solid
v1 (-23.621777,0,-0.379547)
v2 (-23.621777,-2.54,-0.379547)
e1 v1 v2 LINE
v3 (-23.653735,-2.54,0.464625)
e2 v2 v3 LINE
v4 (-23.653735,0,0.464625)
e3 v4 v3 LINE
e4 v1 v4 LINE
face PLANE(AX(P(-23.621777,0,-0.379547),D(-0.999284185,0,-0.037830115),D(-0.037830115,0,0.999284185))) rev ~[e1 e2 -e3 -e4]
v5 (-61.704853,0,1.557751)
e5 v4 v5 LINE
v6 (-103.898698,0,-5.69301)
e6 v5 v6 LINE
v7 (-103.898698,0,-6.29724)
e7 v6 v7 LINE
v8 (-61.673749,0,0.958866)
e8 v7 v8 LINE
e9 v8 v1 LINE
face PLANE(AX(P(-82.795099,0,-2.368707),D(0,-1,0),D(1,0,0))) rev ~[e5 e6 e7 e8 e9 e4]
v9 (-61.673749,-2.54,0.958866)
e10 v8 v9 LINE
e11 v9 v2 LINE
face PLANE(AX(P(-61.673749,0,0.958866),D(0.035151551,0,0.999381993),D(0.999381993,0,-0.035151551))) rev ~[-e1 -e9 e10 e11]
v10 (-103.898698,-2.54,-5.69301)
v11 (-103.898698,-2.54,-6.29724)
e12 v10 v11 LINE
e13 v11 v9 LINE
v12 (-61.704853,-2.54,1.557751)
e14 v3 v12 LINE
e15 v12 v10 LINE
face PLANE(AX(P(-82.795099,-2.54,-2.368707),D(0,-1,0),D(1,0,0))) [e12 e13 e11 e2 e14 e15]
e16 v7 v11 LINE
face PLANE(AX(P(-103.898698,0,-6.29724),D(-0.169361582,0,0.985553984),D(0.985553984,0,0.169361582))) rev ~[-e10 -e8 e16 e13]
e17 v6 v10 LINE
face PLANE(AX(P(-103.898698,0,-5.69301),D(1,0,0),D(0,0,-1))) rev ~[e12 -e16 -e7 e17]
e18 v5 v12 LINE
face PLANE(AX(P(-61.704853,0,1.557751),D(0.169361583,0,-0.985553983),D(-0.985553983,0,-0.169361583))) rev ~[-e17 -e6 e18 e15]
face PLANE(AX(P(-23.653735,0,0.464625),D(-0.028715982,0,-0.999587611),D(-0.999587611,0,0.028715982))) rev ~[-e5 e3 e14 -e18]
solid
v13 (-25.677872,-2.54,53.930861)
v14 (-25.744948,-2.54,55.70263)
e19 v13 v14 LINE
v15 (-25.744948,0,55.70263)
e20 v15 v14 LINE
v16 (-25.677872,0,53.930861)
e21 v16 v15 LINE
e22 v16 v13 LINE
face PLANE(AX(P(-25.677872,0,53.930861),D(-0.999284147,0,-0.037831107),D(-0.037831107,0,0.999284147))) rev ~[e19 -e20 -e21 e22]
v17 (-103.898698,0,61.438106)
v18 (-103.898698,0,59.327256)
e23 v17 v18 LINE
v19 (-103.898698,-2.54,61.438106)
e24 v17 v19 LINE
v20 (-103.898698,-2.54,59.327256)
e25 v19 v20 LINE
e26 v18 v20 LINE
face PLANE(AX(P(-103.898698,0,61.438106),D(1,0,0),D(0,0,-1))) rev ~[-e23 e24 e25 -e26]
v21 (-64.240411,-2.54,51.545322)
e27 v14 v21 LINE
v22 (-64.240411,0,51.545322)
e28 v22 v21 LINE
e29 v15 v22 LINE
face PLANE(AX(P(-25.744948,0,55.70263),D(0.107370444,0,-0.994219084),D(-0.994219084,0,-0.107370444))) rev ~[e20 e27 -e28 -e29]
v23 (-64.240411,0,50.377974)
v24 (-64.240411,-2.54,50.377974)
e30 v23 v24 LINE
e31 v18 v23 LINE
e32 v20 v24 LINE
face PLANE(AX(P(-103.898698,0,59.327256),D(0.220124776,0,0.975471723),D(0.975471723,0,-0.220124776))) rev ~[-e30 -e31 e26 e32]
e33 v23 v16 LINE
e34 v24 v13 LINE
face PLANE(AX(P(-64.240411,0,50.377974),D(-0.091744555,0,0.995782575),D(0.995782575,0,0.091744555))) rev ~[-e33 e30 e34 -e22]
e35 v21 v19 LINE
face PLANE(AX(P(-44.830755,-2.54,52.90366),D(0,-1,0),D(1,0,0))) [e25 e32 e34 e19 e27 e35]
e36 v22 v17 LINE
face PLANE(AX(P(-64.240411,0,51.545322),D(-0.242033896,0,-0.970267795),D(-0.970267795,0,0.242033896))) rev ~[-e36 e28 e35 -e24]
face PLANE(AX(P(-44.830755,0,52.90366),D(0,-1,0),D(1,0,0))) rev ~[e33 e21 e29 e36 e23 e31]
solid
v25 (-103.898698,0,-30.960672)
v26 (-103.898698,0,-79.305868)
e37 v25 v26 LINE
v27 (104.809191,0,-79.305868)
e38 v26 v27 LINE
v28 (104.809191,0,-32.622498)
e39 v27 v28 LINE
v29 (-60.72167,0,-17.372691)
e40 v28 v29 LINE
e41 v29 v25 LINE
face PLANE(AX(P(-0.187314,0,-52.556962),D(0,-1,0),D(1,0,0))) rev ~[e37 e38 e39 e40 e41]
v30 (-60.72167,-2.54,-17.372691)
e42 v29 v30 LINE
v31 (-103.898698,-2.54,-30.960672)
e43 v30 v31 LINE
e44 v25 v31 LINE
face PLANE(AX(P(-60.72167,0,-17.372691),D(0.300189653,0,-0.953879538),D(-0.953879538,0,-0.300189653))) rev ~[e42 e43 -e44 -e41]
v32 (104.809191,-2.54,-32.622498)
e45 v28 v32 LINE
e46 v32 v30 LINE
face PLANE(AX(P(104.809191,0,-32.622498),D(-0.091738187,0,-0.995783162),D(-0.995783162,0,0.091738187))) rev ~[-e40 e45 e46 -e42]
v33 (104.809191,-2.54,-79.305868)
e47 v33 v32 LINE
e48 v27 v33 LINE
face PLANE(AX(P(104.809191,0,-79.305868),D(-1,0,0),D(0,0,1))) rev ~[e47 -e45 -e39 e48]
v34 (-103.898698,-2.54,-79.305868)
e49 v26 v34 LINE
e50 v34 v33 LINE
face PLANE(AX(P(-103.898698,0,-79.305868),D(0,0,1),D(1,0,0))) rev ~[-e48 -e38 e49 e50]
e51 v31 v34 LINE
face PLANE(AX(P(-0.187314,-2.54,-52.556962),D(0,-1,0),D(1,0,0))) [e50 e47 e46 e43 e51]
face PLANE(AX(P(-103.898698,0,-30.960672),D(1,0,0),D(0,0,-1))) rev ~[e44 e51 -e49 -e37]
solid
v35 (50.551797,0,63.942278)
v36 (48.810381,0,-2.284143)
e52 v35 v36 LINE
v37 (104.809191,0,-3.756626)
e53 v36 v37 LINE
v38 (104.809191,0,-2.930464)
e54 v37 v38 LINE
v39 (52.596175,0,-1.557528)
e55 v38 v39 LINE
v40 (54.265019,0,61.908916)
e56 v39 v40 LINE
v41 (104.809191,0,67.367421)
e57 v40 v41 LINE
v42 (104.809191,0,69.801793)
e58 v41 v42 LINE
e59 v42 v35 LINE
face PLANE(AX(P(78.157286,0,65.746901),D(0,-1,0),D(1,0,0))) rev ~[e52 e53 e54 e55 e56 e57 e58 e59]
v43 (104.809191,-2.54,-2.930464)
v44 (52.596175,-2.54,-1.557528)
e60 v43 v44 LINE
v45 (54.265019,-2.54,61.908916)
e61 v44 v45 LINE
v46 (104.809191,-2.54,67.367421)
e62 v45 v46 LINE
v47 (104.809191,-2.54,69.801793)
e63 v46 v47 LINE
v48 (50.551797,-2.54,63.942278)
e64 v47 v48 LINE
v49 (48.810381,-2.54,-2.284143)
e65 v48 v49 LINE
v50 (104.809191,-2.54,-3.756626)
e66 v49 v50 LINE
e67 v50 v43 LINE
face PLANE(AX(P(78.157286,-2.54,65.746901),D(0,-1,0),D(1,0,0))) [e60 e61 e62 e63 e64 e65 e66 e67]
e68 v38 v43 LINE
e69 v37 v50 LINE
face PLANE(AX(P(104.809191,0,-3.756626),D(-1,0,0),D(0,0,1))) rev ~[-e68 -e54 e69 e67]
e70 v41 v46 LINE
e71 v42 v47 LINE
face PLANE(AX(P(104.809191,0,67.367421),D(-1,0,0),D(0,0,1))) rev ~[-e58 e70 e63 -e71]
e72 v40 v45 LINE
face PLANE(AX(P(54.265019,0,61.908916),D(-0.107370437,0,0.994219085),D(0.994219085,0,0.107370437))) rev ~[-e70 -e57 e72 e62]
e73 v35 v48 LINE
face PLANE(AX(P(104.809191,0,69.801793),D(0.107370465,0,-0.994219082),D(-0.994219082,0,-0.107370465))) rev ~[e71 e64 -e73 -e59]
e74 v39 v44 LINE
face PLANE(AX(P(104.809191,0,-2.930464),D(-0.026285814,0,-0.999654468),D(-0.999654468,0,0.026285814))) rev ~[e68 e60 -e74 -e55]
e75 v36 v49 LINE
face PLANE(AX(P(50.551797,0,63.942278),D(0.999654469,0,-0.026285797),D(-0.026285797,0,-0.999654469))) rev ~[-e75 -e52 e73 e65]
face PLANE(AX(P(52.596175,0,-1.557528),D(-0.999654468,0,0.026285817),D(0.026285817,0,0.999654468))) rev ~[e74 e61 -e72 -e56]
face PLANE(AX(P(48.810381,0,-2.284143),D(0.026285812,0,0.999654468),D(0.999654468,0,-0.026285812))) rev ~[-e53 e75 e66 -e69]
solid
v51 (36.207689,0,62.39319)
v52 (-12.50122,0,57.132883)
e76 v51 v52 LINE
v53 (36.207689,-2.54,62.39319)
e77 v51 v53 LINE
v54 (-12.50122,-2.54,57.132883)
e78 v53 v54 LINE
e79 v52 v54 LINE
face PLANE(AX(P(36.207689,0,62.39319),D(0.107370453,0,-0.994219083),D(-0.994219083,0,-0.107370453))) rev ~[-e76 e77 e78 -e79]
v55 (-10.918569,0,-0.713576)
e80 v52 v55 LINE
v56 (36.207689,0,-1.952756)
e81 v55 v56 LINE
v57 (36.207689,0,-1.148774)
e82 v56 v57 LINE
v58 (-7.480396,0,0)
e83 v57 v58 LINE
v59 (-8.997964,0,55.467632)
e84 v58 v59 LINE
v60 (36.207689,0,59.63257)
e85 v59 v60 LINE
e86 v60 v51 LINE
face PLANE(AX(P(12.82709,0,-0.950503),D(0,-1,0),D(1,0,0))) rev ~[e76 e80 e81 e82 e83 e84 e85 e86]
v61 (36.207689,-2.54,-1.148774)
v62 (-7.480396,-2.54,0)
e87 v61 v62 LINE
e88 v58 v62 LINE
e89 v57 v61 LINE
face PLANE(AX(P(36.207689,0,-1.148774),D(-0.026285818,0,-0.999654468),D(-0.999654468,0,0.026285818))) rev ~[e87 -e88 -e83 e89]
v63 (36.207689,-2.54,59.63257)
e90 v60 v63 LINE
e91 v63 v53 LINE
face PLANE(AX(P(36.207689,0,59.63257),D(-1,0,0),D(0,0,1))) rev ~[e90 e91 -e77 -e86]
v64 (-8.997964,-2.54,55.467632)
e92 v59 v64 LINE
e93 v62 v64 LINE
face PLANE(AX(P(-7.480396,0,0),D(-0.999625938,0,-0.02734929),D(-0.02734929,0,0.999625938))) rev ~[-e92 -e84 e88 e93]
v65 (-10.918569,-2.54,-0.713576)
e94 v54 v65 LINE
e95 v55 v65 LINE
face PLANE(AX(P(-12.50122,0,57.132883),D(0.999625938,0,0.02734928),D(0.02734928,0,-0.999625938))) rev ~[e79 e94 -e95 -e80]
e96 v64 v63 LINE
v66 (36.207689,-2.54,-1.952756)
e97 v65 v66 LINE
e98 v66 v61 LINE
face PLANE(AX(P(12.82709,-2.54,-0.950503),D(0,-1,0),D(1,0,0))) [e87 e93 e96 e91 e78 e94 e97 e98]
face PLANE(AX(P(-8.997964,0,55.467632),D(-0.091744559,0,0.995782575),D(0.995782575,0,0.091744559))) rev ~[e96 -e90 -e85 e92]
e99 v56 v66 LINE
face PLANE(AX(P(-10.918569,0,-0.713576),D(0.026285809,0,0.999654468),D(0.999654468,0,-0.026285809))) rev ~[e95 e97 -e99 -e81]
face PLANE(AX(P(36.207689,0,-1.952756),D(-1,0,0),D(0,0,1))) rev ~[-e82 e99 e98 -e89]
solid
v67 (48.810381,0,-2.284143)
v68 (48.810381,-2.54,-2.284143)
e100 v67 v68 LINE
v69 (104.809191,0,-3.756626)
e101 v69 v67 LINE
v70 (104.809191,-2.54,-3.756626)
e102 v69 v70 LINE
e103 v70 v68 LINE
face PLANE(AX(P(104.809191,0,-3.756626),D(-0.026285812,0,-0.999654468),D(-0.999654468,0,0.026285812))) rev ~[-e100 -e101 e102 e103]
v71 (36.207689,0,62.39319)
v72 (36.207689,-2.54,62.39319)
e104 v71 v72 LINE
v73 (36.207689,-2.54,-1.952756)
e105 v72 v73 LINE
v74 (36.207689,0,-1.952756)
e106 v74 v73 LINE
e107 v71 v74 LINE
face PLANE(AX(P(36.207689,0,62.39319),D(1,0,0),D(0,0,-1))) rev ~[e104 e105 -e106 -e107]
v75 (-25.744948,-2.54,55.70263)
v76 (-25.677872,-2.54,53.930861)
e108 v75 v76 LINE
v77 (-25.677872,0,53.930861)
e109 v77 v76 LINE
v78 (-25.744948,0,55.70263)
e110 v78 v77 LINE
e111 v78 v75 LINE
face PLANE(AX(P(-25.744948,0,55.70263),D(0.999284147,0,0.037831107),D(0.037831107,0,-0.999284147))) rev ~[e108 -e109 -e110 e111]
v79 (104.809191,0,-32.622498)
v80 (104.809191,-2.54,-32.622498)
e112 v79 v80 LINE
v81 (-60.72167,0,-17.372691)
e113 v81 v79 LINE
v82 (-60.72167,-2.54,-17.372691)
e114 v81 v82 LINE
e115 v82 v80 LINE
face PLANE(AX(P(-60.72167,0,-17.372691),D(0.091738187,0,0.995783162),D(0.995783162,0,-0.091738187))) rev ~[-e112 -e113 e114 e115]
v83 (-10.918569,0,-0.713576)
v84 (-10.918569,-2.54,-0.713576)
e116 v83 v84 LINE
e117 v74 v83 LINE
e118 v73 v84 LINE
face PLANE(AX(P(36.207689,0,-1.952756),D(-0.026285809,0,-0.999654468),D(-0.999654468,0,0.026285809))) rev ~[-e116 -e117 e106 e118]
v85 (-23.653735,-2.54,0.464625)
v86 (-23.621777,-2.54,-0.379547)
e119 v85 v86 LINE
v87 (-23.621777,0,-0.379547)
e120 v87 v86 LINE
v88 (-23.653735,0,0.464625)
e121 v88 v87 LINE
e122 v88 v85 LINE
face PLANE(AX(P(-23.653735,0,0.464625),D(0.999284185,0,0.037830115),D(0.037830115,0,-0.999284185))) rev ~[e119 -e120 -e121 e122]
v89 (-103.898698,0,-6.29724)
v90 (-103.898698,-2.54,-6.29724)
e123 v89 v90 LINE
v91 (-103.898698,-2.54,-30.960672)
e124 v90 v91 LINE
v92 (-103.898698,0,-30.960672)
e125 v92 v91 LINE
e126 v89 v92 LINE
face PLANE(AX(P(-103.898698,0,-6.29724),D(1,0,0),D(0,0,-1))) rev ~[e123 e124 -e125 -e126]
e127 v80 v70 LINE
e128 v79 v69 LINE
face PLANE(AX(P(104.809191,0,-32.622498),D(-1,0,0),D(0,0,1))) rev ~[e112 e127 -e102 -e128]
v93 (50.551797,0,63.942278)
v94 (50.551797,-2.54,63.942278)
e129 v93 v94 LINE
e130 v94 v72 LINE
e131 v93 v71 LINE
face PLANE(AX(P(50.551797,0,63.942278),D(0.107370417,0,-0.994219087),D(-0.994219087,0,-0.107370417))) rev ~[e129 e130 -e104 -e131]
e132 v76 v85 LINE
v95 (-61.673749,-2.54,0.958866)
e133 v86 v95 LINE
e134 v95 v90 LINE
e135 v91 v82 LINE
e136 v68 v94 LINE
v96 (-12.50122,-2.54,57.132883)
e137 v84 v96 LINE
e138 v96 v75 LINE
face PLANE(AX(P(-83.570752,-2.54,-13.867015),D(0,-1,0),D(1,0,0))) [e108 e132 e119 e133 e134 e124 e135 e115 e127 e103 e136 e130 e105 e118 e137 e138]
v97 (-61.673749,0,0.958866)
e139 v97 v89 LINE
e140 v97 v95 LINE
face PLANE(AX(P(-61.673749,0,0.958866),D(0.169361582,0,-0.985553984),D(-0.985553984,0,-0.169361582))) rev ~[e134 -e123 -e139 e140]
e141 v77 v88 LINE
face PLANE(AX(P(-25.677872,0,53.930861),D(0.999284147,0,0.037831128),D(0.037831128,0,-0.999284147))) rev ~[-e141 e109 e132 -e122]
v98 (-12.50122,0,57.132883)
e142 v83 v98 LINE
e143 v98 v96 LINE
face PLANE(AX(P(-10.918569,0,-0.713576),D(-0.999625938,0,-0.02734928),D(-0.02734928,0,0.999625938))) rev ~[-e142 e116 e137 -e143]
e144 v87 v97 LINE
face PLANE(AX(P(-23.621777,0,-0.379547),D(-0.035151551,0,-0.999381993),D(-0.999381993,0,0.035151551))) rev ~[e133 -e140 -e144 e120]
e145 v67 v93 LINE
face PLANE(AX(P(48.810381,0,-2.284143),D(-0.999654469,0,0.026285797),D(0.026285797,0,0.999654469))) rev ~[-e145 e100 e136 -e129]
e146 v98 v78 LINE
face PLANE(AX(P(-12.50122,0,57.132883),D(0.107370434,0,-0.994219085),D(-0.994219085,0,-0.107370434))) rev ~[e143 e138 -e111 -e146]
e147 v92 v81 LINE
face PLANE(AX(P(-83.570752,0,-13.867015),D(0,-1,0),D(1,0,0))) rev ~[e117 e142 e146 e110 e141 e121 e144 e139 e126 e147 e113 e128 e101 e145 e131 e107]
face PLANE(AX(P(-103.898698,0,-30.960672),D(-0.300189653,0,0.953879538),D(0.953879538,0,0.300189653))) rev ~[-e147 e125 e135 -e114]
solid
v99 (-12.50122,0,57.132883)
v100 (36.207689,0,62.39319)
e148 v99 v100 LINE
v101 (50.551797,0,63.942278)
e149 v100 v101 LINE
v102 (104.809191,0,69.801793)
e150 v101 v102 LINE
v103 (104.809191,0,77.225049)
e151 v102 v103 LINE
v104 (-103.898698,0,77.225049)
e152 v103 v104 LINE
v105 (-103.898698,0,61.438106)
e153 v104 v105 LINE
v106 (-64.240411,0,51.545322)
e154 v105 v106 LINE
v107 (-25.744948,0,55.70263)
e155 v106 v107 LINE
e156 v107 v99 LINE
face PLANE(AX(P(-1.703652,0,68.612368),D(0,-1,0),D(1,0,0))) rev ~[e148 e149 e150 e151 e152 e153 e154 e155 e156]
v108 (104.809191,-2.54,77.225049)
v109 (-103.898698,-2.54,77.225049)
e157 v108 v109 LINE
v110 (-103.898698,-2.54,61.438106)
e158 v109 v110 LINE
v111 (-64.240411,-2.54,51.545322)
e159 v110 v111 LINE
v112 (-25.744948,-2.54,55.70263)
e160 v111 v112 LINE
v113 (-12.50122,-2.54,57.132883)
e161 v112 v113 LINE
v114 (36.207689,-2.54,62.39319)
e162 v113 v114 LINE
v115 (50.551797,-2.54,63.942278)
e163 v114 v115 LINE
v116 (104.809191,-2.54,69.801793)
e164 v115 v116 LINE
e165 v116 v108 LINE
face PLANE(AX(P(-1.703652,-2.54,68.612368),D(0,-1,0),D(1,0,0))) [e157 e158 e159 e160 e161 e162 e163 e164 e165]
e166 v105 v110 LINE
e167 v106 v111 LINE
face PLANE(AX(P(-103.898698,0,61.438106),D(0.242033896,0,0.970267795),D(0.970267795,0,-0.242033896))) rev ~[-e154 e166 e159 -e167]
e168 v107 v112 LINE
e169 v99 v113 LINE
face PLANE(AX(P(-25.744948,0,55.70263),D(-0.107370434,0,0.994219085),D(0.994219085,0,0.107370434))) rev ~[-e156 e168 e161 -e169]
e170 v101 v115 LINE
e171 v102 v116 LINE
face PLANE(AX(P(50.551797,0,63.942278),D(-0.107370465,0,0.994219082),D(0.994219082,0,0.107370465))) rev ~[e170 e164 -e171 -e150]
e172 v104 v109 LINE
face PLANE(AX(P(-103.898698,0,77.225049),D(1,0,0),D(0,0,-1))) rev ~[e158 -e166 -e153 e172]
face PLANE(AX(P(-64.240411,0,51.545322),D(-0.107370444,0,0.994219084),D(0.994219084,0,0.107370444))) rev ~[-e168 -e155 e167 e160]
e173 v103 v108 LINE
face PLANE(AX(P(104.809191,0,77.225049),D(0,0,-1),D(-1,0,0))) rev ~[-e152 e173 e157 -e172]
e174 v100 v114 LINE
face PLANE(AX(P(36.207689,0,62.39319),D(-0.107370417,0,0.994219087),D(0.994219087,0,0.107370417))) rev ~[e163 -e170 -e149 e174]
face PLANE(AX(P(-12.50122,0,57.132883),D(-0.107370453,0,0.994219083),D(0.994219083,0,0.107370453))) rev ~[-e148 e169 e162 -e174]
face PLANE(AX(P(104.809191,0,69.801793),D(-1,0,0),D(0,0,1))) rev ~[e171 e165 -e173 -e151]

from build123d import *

# Parameters (mm, degrees)
F2_DEPTH = 2.54
F3_DEPTH = 2.54
F4_DEPTH = 2.54
F5_DEPTH = 2.54


with BuildPart() as f2:
    # F1 (on Front) → F2 (new body)
    with BuildSketch(Plane.XZ):
        Polygon((-60.72167, -17.372691), (-103.898698, -30.960672), (-103.898698, -79.305868), (104.809191, -79.305868), (104.809191, -32.622498), align=None)
    extrude(amount=F2_DEPTH)


with BuildPart() as f3:
    # F1 (on Front) → F3 (new body)
    with BuildSketch(Plane.XZ):
        Polygon((-61.673749, 0.958866), (-103.898698, -6.29724), (-103.898698, -30.960672), (-60.72167, -17.372691), align=None)
        Polygon((48.810381, -2.284143), (50.551797, 63.942278), (36.207689, 62.39319), (36.207689, 59.63257), (36.207689, -1.148774), (36.207689, -1.952756), (-10.918569, -0.713576), (-12.50122, 57.132883), (-25.744948, 55.70263), (-25.677872, 53.930861), (-23.653735, 0.464625), (-23.621777, -0.379547), (-61.673749, 0.958866), (-60.72167, -17.372691), (104.809191, -32.622498), (104.809191, -3.756626), align=None)
    extrude(amount=F3_DEPTH)


with BuildPart() as f4:
    # F1 (on Front) → F4 (new body)
    with BuildSketch(Plane.XZ):
        Polygon((104.809191, 67.367421), (104.809191, 69.801793), (50.551797, 63.942278), (54.265019, 61.908916), align=None)
        Polygon((54.265019, 61.908916), (50.551797, 63.942278), (48.810381, -2.284143), (52.596175, -1.557528), align=None)
        Polygon((104.809191, -3.756626), (104.809191, -2.930464), (52.596175, -1.557528), (48.810381, -2.284143), align=None)
        Polygon((-7.480396, 0), (-10.918569, -0.713576), (36.207689, -1.952756), (36.207689, -1.148774), align=None)
        Polygon((-8.997964, 55.467632), (-12.50122, 57.132883), (-10.918569, -0.713576), (-7.480396, 0), align=None)
        Polygon((36.207689, 59.63257), (36.207689, 62.39319), (-12.50122, 57.132883), (-8.997964, 55.467632), align=None)
        Polygon((-25.744948, 55.70263), (-64.240411, 51.545322), (-64.240411, 50.377974), (-25.677872, 53.930861), align=None)
        Polygon((-64.240411, 51.545322), (-103.898698, 61.438106), (-103.898698, 59.327256), (-64.240411, 50.377974), align=None)
        Polygon((-61.704853, 1.557751), (-103.898698, -5.69301), (-103.898698, -6.29724), (-61.673749, 0.958866), align=None)
        Polygon((-23.653735, 0.464625), (-61.704853, 1.557751), (-61.673749, 0.958866), (-23.621777, -0.379547), align=None)
    extrude(amount=F4_DEPTH)


with BuildPart() as f5:
    # F1 (on Front) → F5 (new body)
    with BuildSketch(Plane.XZ):
        Polygon((104.809191, 77.225049), (-103.898698, 77.225049), (-103.898698, 61.438106), (-64.240411, 51.545322), (-25.744948, 55.70263), (-12.50122, 57.132883), (36.207689, 62.39319), (50.551797, 63.942278), (104.809191, 69.801793), align=None)
    extrude(amount=F5_DEPTH)


solid = Compound([f2.part, f3.part, f4.part, f5.part])
